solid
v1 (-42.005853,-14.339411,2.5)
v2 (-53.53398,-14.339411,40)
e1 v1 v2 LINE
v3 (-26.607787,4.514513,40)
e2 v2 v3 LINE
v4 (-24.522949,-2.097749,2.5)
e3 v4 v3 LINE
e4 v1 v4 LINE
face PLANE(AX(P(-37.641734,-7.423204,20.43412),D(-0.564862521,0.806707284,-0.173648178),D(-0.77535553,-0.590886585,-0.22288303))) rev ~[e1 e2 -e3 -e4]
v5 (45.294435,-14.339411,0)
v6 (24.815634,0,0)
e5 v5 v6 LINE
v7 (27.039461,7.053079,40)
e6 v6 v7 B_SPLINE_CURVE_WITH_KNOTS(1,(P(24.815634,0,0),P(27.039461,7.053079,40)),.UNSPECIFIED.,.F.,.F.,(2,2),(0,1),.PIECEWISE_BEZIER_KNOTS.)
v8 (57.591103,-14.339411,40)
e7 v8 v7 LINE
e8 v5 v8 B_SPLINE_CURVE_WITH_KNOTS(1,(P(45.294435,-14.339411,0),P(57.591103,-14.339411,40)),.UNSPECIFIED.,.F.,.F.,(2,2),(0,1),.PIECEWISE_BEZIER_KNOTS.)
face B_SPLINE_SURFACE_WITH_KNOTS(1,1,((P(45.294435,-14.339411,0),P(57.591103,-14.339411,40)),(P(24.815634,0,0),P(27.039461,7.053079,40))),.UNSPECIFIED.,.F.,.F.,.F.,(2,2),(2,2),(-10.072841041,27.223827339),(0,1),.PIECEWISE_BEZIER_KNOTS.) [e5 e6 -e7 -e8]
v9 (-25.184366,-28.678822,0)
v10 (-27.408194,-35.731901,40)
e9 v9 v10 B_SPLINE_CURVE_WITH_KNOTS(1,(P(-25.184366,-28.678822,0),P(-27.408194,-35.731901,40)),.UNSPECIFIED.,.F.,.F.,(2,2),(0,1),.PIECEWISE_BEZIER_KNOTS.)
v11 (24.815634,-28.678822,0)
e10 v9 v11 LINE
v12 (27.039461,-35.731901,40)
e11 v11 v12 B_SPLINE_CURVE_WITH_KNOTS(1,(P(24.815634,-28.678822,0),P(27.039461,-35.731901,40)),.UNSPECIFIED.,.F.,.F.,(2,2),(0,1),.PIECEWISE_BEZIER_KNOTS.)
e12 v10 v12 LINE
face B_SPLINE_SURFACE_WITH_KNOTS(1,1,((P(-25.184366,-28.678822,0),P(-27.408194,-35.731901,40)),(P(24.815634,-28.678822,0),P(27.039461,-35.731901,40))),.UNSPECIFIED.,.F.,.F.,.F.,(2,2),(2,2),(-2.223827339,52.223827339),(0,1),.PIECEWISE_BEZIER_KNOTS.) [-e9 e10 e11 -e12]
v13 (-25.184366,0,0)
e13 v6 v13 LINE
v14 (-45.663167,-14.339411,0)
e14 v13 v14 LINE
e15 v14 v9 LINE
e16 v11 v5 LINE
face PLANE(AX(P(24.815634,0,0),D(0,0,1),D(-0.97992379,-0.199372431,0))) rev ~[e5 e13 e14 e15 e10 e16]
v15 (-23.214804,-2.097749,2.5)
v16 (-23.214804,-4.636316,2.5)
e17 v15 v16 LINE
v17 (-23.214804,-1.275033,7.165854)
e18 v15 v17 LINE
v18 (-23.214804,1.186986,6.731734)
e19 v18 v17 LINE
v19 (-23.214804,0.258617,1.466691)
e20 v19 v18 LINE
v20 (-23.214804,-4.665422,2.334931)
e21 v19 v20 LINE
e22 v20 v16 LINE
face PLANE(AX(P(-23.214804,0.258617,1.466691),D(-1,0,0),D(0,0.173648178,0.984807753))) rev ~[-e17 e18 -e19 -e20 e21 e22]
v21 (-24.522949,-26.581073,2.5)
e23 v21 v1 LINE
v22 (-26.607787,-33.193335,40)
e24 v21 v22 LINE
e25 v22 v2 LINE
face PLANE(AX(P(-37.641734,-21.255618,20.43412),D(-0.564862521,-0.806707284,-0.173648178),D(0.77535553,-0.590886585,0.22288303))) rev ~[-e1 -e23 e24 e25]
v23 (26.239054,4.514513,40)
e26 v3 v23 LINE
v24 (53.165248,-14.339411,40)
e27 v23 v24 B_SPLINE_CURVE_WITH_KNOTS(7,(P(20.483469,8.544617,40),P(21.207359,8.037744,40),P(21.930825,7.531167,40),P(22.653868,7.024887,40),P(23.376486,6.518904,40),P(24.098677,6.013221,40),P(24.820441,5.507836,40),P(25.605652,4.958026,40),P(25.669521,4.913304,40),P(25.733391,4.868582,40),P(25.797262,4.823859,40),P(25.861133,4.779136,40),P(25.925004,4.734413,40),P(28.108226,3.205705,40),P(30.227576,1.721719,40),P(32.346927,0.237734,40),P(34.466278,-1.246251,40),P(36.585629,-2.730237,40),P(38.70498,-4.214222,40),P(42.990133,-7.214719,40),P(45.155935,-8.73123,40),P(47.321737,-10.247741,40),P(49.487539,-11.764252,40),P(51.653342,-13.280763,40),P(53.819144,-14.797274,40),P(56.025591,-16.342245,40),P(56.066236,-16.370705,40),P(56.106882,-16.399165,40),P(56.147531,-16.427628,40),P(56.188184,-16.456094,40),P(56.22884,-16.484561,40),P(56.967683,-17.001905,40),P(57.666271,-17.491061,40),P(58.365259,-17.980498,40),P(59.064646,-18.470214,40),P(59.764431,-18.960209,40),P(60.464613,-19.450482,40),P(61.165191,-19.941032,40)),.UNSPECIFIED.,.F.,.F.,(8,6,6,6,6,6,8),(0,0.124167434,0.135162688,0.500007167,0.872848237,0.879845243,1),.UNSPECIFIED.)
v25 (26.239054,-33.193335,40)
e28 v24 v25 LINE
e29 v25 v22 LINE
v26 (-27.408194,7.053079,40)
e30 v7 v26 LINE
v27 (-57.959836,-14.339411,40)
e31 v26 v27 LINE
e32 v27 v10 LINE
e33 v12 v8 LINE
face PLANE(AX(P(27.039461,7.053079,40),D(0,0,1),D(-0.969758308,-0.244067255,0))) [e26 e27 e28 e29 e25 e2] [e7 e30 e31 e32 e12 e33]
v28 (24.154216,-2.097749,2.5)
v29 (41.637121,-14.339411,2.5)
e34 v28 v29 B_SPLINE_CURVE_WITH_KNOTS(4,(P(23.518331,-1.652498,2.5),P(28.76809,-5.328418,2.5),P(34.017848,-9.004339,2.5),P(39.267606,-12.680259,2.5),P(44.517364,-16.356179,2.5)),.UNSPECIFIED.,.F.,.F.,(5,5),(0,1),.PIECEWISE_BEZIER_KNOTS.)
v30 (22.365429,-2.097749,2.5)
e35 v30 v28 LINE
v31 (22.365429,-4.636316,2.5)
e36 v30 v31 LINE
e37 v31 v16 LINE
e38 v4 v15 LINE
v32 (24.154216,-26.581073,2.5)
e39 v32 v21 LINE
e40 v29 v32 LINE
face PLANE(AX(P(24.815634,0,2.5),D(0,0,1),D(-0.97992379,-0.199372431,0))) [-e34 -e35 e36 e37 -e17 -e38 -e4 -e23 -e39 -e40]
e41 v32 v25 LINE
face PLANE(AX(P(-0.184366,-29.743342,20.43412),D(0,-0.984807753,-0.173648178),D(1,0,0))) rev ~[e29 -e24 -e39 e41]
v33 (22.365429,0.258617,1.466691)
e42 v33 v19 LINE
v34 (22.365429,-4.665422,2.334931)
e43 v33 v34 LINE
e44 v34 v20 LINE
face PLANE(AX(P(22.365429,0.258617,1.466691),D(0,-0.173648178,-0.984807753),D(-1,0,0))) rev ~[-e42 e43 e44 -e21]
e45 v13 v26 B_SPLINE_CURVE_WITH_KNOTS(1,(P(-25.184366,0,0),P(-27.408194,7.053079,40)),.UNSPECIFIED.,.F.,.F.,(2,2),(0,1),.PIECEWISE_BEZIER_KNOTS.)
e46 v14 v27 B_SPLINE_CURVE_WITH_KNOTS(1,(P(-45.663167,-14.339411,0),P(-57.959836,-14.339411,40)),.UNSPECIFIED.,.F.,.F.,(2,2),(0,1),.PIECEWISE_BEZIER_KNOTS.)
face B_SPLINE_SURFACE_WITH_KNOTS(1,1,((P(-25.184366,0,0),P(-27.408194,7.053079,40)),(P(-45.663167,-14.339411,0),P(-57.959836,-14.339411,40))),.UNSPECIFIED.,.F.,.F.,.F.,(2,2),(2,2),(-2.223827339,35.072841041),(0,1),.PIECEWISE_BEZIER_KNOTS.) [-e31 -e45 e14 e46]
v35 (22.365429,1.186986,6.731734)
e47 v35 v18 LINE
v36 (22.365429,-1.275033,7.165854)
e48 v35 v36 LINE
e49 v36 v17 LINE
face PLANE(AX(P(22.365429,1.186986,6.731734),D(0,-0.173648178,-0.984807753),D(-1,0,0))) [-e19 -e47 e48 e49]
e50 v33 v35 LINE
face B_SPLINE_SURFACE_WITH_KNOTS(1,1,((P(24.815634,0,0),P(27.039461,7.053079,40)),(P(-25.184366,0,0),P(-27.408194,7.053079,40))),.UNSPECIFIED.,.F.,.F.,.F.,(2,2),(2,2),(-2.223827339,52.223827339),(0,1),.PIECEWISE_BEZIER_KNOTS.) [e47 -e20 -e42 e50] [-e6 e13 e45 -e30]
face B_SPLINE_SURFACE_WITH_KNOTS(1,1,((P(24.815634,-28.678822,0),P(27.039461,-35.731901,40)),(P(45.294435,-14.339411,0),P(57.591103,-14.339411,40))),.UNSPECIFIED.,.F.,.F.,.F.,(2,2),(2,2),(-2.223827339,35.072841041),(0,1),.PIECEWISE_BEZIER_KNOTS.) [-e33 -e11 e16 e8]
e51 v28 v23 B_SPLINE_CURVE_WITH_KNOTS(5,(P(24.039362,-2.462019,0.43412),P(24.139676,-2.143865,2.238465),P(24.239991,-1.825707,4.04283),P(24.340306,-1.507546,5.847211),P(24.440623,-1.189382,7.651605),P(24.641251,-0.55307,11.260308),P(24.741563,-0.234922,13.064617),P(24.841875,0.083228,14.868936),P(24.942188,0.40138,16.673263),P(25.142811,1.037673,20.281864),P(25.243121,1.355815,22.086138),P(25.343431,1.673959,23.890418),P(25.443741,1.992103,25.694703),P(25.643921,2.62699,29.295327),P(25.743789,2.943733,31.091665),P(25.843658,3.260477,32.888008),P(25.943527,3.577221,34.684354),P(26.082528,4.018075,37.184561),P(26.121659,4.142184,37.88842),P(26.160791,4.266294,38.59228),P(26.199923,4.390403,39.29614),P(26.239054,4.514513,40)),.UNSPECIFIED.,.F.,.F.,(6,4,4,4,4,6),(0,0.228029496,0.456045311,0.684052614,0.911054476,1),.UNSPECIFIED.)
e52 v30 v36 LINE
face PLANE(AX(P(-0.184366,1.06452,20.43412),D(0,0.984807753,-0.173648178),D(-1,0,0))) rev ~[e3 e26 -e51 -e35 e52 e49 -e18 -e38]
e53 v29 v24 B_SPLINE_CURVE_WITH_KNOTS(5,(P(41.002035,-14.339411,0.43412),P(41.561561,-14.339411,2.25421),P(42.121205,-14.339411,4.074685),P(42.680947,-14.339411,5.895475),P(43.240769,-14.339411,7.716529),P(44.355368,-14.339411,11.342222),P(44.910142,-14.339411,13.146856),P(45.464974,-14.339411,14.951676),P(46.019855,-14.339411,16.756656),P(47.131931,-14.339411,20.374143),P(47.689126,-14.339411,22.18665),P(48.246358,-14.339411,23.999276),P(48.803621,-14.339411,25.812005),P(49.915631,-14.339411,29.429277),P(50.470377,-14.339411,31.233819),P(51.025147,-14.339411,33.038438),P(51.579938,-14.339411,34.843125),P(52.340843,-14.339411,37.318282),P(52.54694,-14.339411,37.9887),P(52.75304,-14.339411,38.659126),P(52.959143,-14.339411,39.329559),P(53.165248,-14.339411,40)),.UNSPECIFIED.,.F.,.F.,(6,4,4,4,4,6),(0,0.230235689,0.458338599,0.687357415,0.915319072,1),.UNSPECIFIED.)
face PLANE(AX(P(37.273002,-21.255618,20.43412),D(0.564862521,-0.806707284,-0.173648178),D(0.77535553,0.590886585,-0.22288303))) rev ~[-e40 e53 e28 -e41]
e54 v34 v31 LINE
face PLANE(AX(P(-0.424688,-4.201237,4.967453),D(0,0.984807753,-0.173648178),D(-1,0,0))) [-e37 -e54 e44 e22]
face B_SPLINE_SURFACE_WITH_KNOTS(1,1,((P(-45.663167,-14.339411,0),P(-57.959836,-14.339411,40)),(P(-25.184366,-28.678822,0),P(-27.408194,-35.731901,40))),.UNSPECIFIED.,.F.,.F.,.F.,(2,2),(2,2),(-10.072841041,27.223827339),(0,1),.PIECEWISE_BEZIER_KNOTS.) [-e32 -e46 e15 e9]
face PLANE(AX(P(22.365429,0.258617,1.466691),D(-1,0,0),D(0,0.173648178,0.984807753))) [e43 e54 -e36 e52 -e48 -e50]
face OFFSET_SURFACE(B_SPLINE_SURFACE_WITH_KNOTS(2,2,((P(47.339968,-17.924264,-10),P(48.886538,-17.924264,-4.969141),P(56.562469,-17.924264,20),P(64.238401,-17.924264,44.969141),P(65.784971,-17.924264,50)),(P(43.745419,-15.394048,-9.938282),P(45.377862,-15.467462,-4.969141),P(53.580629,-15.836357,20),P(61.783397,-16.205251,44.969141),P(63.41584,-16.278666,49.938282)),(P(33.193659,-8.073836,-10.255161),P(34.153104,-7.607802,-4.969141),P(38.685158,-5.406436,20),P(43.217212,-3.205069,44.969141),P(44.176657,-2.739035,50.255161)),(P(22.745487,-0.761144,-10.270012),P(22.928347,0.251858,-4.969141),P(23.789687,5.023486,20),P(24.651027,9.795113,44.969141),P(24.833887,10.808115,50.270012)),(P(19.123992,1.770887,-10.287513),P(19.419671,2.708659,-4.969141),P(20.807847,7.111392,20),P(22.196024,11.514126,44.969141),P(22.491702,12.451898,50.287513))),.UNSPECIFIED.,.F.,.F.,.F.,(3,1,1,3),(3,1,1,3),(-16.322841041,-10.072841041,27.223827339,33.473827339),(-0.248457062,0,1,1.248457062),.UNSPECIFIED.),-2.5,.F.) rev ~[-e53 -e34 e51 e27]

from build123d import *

# Parameters (mm, degrees)
F1_DEPTH = 40
F1_TAPER = -10
F2_T     = -2.5
F3_W     = 45.5802325159
F3_H     = 5.3462651558
F4_DEPTH = 5


with BuildPart() as f1:
    # F0 (on Top) → F1 (new body)
    with BuildSketch(Plane.XY):
        Polygon((24.8156337307, 0), (0, 0), (-25.1843662693, 0), (-45.6631673765, -14.3394109088), (-25.1843662693, -28.6788218176), (24.8156337307, -28.6788218176), (45.294434838, -14.3394109088), align=None)
    extrude(amount=F1_DEPTH, taper=F1_TAPER)

    # F2
    f2_openings = [f1.faces().sort_by_distance(p)[0] for p in [
        (-0.184366, -14.339411, 40),
    ]]
    offset(amount=F2_T, openings=f2_openings)

    # F3 (on face) → F4 (cut)
    with BuildSketch(Plane(origin=(0, 0, 0), x_dir=(-1, 0, 0), z_dir=(0, 0.984807753, -0.1736481777))):
        with Locations((0.4246877506, 4.1624491569)):
            Rectangle(F3_W, F3_H)
    extrude(amount=-F4_DEPTH, mode=Mode.SUBTRACT)


solid = f1.part
